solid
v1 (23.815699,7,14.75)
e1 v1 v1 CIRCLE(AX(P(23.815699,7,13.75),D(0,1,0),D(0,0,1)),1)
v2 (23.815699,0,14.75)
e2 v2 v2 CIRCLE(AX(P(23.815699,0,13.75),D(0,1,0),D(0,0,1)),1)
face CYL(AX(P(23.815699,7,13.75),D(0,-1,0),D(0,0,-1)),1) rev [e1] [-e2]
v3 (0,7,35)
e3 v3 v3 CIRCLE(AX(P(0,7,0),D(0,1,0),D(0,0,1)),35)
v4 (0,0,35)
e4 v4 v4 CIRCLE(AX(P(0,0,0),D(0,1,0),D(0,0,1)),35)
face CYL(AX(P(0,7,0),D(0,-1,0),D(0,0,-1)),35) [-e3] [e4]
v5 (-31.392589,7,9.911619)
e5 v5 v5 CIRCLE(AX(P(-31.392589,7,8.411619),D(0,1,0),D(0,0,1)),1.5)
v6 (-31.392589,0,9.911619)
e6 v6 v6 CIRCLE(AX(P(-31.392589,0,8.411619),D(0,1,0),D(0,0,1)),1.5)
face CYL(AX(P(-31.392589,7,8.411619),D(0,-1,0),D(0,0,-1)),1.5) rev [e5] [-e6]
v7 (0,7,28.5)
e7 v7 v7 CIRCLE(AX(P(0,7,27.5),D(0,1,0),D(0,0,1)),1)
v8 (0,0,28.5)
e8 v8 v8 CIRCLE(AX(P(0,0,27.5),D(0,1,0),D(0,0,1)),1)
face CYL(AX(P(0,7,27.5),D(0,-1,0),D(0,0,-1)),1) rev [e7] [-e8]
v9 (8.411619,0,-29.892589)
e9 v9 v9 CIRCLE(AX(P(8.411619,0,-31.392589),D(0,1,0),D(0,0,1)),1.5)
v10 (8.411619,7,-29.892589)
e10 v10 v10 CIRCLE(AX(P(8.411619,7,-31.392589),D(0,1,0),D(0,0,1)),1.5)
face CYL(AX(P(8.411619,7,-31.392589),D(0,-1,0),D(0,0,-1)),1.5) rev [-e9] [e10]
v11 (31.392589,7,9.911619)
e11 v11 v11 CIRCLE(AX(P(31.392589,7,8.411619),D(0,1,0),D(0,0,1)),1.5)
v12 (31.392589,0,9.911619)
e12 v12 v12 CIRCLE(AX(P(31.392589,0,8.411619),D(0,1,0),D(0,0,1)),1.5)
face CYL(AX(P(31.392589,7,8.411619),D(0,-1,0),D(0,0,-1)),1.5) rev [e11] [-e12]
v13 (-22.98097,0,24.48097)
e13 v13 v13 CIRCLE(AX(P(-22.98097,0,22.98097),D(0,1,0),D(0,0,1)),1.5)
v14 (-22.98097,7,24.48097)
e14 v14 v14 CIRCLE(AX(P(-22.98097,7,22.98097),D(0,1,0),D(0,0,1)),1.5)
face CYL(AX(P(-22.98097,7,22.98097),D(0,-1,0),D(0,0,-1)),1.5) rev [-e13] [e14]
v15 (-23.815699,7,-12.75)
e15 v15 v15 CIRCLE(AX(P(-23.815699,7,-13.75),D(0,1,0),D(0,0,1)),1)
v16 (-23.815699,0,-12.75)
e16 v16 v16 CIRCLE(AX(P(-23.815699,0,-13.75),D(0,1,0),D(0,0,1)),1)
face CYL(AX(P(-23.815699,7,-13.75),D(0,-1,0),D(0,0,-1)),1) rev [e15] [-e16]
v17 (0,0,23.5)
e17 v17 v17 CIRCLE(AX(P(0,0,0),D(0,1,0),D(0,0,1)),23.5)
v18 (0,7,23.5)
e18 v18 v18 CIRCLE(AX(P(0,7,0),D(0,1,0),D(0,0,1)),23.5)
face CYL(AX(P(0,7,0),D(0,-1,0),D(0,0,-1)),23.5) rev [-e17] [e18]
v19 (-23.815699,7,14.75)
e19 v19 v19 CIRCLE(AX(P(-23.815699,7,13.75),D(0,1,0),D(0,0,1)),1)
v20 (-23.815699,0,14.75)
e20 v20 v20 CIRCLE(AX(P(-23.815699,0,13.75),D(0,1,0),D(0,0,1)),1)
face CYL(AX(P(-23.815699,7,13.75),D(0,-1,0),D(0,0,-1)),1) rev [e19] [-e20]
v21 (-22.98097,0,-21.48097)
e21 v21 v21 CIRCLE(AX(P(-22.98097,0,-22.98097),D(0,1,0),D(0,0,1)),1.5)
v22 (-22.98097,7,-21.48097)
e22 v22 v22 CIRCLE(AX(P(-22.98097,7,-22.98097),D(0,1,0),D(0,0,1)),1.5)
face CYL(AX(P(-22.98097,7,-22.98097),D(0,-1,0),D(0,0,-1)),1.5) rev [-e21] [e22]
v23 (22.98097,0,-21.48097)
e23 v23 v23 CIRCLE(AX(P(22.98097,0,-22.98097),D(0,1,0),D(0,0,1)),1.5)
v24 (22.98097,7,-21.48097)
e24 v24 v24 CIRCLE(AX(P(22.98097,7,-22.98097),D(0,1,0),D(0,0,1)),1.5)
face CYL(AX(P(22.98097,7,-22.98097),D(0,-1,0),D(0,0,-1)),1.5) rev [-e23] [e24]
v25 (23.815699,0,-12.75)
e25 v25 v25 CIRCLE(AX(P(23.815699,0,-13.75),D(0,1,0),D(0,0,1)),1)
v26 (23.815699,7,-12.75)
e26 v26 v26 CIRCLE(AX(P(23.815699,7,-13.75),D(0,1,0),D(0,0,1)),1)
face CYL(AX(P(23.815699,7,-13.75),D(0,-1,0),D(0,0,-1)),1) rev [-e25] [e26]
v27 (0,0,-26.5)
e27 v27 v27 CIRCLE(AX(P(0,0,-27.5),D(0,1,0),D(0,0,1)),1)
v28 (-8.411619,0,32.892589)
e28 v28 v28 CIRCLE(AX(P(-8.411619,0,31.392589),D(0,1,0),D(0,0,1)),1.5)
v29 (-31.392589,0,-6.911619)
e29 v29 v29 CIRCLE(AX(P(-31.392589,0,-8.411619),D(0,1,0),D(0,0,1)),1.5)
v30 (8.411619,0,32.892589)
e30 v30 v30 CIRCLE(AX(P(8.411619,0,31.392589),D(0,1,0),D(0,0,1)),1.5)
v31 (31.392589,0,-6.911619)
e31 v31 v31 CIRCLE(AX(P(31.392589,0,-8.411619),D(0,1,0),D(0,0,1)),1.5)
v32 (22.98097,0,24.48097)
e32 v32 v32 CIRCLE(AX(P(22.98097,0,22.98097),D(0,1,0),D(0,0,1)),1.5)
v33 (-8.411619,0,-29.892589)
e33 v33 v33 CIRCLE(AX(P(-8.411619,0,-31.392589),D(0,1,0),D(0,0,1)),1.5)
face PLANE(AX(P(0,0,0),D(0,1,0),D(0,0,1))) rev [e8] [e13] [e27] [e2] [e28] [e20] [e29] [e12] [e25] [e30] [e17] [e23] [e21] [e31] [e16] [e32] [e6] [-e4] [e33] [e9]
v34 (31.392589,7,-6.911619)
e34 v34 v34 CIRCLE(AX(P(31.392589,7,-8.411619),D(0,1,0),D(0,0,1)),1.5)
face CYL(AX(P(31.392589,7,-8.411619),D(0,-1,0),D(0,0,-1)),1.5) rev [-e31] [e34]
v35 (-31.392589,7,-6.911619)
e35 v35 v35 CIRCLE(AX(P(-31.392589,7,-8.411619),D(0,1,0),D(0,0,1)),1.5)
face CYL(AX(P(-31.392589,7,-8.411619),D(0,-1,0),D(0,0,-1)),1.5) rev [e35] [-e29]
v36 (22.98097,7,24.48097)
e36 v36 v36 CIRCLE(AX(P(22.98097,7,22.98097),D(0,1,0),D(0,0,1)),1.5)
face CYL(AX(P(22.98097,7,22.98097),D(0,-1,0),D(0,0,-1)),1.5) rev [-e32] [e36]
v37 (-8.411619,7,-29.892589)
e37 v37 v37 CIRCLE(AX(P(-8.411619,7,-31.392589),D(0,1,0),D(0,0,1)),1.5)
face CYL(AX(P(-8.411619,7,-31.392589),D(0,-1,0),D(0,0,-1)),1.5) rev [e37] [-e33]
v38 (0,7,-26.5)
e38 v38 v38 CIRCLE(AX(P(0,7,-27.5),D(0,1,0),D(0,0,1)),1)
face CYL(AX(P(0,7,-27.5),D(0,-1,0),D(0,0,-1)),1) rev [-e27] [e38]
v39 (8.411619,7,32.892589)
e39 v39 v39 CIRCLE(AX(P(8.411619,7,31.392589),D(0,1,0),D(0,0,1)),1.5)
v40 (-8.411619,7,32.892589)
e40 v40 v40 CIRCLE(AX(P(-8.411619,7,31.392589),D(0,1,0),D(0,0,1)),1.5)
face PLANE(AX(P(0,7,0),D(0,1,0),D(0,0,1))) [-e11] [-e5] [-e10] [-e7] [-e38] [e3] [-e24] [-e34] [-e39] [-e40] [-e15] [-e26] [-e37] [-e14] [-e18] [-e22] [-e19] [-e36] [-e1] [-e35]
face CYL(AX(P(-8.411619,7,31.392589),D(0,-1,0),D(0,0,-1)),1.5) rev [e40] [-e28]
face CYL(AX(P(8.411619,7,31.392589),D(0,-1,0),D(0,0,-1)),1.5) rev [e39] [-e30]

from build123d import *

# Parameters (mm, degrees)
SKETCH1_R           = 35
SKETCH1_R_2         = 23.5
SKETCH1_R_3         = 1
SKETCH1_R_4         = 1.5
BOSS_EXTRUDE1_DEPTH = 7


with BuildPart() as part:
    # Sketch1 → Boss-Extrude1 (new body)
    with BuildSketch(Plane(origin=(0, 0, 0), x_dir=(1, 0, 0), z_dir=(0, 1, 0))):
        with Locations(Location((0, 0, 0), (0, 0, 270))):
            Circle(SKETCH1_R)
        with Locations(Location((0, 0, 0), (0, 0, 270))):
            Circle(SKETCH1_R_2, mode=Mode.SUBTRACT)
        with Locations(Location((0, 27.5, 0), (0, 0, 270))):
            Circle(SKETCH1_R_3, mode=Mode.SUBTRACT)
        with Locations(Location((23.815698604, 13.75, 0), (0, 0, 270))):
            Circle(SKETCH1_R_3, mode=Mode.SUBTRACT)
        with Locations(Location((23.815698604, -13.75, 0), (0, 0, 270))):
            Circle(SKETCH1_R_3, mode=Mode.SUBTRACT)
        with Locations(Location((0, -27.5, 0), (0, 0, 270))):
            Circle(SKETCH1_R_3, mode=Mode.SUBTRACT)
        with Locations(Location((-23.815698604, -13.75, 0), (0, 0, 270))):
            Circle(SKETCH1_R_3, mode=Mode.SUBTRACT)
        with Locations(Location((-23.815698604, 13.75, 0), (0, 0, 270))):
            Circle(SKETCH1_R_3, mode=Mode.SUBTRACT)
        with Locations(Location((-31.392589354, -8.411618966, 0), (0, 0, 270))):
            Circle(SKETCH1_R_4, mode=Mode.SUBTRACT)
        with Locations(Location((-31.392589354, 8.411618966, 0), (0, 0, 270))):
            Circle(SKETCH1_R_4, mode=Mode.SUBTRACT)
        with Locations(Location((-22.980970389, 22.980970389, 0), (0, 0, 270))):
            Circle(SKETCH1_R_4, mode=Mode.SUBTRACT)
        with Locations(Location((-8.411618966, 31.392589354, 0), (0, 0, 270))):
            Circle(SKETCH1_R_4, mode=Mode.SUBTRACT)
        with Locations(Location((8.411618966, 31.392589354, 0), (0, 0, 270))):
            Circle(SKETCH1_R_4, mode=Mode.SUBTRACT)
        with Locations(Location((22.980970389, 22.980970389, 0), (0, 0, 270))):
            Circle(SKETCH1_R_4, mode=Mode.SUBTRACT)
        with Locations(Location((31.392589354, 8.411618966, 0), (0, 0, 270))):
            Circle(SKETCH1_R_4, mode=Mode.SUBTRACT)
        with Locations(Location((31.392589354, -8.411618966, 0), (0, 0, 270))):
            Circle(SKETCH1_R_4, mode=Mode.SUBTRACT)
        with Locations(Location((22.980970389, -22.980970389, 0), (0, 0, 270))):
            Circle(SKETCH1_R_4, mode=Mode.SUBTRACT)
        with Locations(Location((8.411618966, -31.392589354, 0), (0, 0, 270))):
            Circle(SKETCH1_R_4, mode=Mode.SUBTRACT)
        with Locations(Location((-8.411618966, -31.392589354, 0), (0, 0, 270))):
            Circle(SKETCH1_R_4, mode=Mode.SUBTRACT)
        with Locations(Location((-22.980970389, -22.980970389, 0), (0, 0, 270))):
            Circle(SKETCH1_R_4, mode=Mode.SUBTRACT)
    extrude(amount=BOSS_EXTRUDE1_DEPTH)


solid = part.part
